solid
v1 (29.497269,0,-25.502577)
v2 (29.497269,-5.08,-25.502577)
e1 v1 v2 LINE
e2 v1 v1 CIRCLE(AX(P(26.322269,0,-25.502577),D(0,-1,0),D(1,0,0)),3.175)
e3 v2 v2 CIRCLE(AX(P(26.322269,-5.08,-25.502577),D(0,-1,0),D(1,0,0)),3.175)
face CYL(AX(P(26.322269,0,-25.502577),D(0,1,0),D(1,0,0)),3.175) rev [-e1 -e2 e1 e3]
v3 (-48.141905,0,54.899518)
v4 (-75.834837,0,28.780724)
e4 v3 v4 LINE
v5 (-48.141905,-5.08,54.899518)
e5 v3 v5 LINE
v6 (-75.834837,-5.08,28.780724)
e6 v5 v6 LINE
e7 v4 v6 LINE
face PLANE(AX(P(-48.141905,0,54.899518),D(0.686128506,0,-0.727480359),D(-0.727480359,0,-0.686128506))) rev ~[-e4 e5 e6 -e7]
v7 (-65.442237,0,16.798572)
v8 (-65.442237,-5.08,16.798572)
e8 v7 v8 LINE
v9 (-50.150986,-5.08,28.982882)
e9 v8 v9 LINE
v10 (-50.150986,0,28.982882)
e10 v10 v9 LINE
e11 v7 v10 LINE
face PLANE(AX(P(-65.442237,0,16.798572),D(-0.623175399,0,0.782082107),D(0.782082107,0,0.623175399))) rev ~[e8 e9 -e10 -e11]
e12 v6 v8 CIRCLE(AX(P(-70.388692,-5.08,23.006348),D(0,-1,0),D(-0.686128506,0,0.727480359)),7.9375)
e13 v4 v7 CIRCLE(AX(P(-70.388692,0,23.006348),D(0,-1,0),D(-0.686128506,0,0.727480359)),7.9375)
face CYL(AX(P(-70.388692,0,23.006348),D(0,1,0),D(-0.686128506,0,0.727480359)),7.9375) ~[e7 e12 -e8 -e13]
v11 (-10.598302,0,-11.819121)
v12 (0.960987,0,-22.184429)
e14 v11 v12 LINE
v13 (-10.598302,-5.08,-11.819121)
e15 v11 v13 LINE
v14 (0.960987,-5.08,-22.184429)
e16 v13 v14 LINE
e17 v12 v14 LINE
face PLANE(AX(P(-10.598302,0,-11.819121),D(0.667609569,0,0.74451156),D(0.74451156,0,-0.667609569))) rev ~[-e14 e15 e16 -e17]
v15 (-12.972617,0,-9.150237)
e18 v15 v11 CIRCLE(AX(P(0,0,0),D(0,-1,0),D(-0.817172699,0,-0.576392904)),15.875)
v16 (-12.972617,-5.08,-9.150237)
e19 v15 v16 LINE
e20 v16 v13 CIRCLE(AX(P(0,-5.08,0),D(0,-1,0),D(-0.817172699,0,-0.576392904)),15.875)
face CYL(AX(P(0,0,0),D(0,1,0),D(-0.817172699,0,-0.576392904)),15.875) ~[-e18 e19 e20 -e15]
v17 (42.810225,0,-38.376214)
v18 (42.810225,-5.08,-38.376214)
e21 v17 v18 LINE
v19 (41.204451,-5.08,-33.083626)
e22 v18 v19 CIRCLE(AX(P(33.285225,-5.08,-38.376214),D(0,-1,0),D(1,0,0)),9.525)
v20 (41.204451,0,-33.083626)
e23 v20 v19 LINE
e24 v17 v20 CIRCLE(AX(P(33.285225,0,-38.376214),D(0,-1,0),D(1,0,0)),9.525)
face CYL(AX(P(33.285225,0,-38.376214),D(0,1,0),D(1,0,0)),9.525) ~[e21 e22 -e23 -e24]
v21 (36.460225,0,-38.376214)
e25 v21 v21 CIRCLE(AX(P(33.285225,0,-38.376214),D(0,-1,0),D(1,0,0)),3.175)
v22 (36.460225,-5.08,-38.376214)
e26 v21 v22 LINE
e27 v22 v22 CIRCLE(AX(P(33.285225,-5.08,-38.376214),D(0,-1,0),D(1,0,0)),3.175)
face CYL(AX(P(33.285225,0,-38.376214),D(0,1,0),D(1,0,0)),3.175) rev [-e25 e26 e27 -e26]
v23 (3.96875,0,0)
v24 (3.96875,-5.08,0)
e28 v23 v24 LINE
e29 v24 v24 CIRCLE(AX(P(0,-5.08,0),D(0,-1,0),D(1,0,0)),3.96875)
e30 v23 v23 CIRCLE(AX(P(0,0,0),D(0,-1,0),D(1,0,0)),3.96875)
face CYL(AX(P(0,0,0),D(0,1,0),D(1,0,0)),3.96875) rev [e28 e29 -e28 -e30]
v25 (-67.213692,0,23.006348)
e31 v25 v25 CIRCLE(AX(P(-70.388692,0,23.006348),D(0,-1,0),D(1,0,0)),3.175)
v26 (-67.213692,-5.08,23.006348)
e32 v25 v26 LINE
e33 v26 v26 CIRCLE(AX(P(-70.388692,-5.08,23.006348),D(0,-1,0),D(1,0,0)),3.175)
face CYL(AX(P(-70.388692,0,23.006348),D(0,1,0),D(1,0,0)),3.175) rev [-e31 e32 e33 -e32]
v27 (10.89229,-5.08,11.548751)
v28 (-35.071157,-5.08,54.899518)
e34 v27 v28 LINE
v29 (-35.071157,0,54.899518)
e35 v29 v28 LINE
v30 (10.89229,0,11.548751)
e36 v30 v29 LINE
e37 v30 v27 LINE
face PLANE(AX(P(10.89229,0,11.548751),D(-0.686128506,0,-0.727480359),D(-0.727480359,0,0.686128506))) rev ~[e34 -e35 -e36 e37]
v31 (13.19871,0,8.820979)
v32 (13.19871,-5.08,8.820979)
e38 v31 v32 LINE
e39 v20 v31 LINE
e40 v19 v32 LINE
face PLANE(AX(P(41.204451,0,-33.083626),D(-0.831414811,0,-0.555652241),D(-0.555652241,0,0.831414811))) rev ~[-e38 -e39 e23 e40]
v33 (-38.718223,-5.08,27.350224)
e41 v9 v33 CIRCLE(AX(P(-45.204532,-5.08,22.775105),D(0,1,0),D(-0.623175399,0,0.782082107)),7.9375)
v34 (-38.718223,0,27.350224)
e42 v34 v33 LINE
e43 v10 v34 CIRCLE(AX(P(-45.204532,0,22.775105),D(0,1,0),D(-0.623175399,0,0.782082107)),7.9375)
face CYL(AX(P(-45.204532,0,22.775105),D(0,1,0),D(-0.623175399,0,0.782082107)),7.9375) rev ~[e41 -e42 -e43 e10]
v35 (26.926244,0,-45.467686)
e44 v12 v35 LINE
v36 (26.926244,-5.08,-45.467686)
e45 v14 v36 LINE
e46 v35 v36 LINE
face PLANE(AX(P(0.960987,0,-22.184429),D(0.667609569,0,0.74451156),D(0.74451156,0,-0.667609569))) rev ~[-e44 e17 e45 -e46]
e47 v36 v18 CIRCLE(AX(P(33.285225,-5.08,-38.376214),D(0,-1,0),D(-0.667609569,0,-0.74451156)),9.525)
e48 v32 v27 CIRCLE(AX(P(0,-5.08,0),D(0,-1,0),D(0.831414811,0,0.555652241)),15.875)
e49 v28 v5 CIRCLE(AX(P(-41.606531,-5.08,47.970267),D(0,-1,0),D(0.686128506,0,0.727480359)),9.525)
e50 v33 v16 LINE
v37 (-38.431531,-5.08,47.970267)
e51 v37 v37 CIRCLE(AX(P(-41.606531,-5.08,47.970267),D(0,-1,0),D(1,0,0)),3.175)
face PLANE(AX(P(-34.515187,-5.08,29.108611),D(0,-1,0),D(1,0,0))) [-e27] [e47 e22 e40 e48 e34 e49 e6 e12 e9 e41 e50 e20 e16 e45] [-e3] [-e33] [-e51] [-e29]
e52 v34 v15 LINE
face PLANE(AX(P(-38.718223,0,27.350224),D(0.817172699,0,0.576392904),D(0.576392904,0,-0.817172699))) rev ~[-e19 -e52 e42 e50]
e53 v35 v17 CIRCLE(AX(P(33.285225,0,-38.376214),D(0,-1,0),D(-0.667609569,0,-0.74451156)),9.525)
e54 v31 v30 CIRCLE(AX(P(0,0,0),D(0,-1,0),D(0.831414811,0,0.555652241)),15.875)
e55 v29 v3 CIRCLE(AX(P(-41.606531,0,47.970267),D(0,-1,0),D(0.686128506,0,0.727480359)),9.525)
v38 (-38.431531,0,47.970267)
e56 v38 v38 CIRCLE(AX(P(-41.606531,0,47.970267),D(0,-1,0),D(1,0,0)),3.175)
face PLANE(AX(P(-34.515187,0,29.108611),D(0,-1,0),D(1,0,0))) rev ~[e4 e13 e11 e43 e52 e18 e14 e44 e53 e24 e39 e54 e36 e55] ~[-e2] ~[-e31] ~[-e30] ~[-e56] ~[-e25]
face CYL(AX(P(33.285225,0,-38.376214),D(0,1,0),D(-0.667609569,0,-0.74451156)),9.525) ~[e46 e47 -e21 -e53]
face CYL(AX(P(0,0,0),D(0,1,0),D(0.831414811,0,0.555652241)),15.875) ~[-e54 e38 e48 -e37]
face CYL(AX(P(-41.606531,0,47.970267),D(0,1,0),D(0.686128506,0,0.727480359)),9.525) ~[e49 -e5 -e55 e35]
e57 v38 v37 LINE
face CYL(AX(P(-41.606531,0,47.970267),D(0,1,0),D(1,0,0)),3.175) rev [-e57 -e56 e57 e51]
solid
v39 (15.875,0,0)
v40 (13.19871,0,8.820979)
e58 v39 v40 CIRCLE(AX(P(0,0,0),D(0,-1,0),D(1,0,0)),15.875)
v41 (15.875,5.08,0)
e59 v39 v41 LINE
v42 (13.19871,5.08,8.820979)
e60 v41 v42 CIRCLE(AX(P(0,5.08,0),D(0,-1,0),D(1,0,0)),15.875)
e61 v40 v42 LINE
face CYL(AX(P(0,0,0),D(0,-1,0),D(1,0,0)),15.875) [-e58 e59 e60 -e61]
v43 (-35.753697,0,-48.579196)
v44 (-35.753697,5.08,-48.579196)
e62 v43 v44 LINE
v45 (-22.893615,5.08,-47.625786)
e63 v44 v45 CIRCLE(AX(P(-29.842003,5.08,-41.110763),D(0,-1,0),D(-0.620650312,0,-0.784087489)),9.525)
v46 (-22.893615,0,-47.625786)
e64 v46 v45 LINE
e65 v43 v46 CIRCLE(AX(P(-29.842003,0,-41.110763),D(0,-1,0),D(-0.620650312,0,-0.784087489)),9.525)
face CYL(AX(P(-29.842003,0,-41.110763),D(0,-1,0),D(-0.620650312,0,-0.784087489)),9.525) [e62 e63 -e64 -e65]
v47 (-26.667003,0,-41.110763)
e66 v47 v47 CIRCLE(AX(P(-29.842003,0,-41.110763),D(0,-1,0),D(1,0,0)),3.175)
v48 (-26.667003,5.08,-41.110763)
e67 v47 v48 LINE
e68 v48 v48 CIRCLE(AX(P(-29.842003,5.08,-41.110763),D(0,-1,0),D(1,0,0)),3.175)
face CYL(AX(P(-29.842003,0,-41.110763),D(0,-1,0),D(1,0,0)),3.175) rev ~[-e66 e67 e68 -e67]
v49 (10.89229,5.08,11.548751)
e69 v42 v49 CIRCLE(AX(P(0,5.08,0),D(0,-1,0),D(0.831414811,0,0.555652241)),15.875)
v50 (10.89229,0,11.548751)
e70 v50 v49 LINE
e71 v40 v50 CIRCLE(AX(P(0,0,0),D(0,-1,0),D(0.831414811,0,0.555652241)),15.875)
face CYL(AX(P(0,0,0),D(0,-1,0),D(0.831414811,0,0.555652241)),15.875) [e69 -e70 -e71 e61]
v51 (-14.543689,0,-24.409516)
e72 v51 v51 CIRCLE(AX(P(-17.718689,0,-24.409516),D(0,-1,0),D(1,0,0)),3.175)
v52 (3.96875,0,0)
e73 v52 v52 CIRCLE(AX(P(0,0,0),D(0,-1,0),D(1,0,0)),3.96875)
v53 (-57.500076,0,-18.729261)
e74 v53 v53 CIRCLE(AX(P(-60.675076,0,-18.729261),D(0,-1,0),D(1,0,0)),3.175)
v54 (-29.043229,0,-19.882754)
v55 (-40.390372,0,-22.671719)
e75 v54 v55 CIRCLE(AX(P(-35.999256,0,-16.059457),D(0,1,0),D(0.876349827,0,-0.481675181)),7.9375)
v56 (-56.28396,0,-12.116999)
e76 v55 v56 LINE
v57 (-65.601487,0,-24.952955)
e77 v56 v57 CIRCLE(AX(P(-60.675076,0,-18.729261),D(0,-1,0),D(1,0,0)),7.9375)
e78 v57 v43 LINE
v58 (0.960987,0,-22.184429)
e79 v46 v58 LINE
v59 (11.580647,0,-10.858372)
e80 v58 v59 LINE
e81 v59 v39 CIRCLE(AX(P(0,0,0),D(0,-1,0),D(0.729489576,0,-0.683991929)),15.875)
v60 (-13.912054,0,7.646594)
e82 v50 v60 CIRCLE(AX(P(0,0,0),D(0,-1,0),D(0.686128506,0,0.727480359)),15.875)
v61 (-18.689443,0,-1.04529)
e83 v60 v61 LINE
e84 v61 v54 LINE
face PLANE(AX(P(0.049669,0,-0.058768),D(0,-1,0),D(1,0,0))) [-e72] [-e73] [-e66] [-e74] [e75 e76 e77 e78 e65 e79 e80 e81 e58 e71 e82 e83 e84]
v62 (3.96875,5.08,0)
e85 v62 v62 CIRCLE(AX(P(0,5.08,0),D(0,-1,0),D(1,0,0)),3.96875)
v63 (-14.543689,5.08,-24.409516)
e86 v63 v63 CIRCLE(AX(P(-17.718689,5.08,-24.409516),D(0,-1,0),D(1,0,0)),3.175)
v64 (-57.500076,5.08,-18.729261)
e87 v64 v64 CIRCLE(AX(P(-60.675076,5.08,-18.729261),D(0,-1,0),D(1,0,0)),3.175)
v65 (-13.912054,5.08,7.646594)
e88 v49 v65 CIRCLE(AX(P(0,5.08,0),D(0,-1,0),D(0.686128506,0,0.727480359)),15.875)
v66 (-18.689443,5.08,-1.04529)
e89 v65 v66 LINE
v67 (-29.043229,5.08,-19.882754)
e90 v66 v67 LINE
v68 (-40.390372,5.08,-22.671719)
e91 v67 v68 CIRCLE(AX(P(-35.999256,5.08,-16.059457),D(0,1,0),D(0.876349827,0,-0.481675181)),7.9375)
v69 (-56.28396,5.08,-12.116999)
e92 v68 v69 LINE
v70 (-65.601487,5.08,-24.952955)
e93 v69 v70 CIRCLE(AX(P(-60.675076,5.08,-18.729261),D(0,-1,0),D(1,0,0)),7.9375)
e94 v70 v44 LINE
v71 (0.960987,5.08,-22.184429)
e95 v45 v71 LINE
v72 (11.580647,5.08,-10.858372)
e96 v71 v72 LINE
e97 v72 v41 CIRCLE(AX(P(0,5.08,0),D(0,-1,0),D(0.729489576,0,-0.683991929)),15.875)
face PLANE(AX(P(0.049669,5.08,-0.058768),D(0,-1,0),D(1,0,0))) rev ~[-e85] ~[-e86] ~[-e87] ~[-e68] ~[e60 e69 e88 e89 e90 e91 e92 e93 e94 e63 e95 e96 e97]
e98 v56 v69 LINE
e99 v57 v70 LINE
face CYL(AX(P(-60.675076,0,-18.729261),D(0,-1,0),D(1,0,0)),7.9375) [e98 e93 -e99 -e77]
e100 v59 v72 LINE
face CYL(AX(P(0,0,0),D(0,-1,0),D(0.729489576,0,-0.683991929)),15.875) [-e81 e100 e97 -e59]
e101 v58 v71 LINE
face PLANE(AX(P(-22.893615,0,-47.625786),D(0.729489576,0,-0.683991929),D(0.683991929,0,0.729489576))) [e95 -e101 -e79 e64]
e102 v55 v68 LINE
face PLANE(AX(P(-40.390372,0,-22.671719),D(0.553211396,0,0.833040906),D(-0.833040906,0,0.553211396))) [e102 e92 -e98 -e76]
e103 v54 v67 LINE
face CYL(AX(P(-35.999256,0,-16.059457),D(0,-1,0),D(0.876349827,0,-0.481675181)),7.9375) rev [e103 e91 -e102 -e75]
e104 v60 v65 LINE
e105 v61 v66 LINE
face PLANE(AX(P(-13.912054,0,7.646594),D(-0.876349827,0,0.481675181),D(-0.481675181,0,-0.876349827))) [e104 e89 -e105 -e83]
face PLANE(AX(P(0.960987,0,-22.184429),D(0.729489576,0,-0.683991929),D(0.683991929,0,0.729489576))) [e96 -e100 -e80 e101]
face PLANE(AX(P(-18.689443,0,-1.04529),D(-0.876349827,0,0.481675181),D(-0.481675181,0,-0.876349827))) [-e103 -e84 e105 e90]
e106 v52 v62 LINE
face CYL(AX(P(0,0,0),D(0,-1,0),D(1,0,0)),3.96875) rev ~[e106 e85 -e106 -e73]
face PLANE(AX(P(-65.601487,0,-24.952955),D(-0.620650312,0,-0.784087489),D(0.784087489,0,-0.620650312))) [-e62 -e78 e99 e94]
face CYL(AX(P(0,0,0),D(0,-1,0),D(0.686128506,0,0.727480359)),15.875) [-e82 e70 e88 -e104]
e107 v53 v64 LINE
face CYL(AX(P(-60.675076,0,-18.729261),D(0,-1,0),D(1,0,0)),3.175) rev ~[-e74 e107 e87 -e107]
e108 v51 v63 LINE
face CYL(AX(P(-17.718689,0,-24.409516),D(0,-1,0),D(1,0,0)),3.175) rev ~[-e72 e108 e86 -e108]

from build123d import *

# Parameters (mm, degrees)
F0_R     = 3.175
F0_R_2   = 3.96875
F1_DEPTH = 5.08
F2_DEPTH = 5.08


with BuildPart() as f1:
    # F0 (on Front) → F1 (new body)
    with BuildSketch(Plane.XZ):
        with BuildLine():
            ThreePointArc((-13.9120535072, 7.6465935038), (-2.4670732808, 15.682129142), (10.8922900307, 11.5487507067))
            Line((10.8922900307, 11.5487507067), (-35.0711574392, 54.8995176744))
            ThreePointArc((-35.0711574392, 54.8995176744), (-32.8608164346, 51.7436071154), (-32.0815314576, 47.9702672503))
            ThreePointArc((-32.0815314576, 47.9702672503), (-45.3798713227, 39.2245522274), (-48.1419054761, 54.8995176744))
            Line((-48.1419054761, 54.8995176744), (-75.8348368232, 28.7807237291))
            ThreePointArc((-75.8348368232, 28.7807237291), (-67.2442419203, 30.2944442282), (-62.4511918078, 23.0063483758))
            ThreePointArc((-62.4511918078, 23.0063483758), (-63.237943921, 19.5609585706), (-65.4422370763, 16.798571653))
            Line((-65.4422370763, 16.798571653), (-50.1509863937, 28.9828821829))
            ThreePointArc((-50.1509863937, 28.9828821829), (-44.0823996147, 30.6328866939), (-38.7182233604, 27.3502241323))
            Line((-38.7182233604, 27.3502241323), (-18.6894428937, -1.0452895859))
            Line((-18.6894428937, -1.0452895859), (-13.9120535072, 7.6465935038))
        make_face()
        with BuildLine():
            ThreePointArc((-62.4511918078, 23.0063483758), (-67.2442419203, 30.2944442282), (-75.8348368232, 28.7807237291))
            ThreePointArc((-75.8348368232, 28.7807237291), (-76.3849752141, 17.8055319436), (-65.4422370763, 16.798571653))
            ThreePointArc((-65.4422370763, 16.798571653), (-63.237943921, 19.5609585706), (-62.4511918078, 23.0063483758))
        make_face()
        with Locations((-70.3886918078, 23.0063483758)):
            Circle(F0_R, mode=Mode.SUBTRACT)
        with BuildLine():
            ThreePointArc((-32.0815314576, 47.9702672503), (-32.8608164346, 51.7436071154), (-35.0711574392, 54.8995176744))
            ThreePointArc((-35.0711574392, 54.8995176744), (-41.6065314576, 57.4952672503), (-48.1419054761, 54.8995176744))
            ThreePointArc((-48.1419054761, 54.8995176744), (-45.3798713227, 39.2245522274), (-32.0815314576, 47.9702672503))
        make_face()
        with Locations((-41.6065314576, 47.9702672503)):
            Circle(F0_R, mode=Mode.SUBTRACT)
        with BuildLine():
            ThreePointArc((15.875, 0), (15.1912005478, 4.609018433), (13.1987101208, 8.820979319))
            ThreePointArc((13.1987101208, 8.820979319), (12.1224690662, 10.2499448164), (10.8922900307, 11.5487507067))
            ThreePointArc((10.8922900307, 11.5487507067), (-2.4670732808, 15.682129142), (-13.9120535072, 7.6465935038))
            ThreePointArc((-13.9120535072, 7.6465935038), (-15.8502288115, -0.8864940066), (-12.9726166036, -9.1502373442))
            ThreePointArc((-12.9726166036, -9.1502373442), (-11.8607666217, -10.5516747555), (-10.5983019047, -11.8191210221))
            ThreePointArc((-10.5983019047, -11.8191210221), (0.6870299902, -15.8601265692), (11.5806470113, -10.8583718761))
            ThreePointArc((11.5806470113, -10.8583718761), (14.7624252124, -5.8383582323), (15.875, 0))
        make_face()
        Circle(F0_R_2, mode=Mode.SUBTRACT)
        with BuildLine():
            Line((-10.5983019047, -11.8191210221), (0.9609865297, -22.1844289332))
            Line((0.9609865297, -22.1844289332), (11.5806470113, -10.8583718761))
            ThreePointArc((11.5806470113, -10.8583718761), (0.6870299902, -15.8601265692), (-10.5983019047, -11.8191210221))
        make_face()
        with BuildLine():
            ThreePointArc((-12.9726166036, -9.1502373442), (-15.8502288115, -0.8864940066), (-13.9120535072, 7.6465935038))
            Line((-13.9120535072, 7.6465935038), (-18.6894428937, -1.0452895859))
            Line((-18.6894428937, -1.0452895859), (-12.9726166036, -9.1502373442))
        make_face()
        with BuildLine():
            ThreePointArc((26.9262440233, -45.4676864135), (27.0442454474, -31.1806737127), (41.2044512386, -33.0836262089))
            Line((41.2044512386, -33.0836262089), (13.1987101208, 8.820979319))
            ThreePointArc((13.1987101208, 8.820979319), (15.1912005478, 4.609018433), (15.875, 0))
            ThreePointArc((15.875, 0), (14.7624252124, -5.8383582323), (11.5806470113, -10.8583718761))
            Line((11.5806470113, -10.8583718761), (0.9609865297, -22.1844289332))
            Line((0.9609865297, -22.1844289332), (26.9262440233, -45.4676864135))
        make_face()
        with Locations((26.3222689506, -25.5025770961)):
            Circle(F0_R, mode=Mode.SUBTRACT)
        with BuildLine():
            ThreePointArc((26.9262440233, -45.4676864135), (37.1682864336, -47.0737686401), (42.8102251661, -38.3762138003))
            ThreePointArc((42.8102251661, -38.3762138003), (42.3999454948, -35.6108027404), (41.2044512386, -33.0836262089))
            ThreePointArc((41.2044512386, -33.0836262089), (27.0442454474, -31.1806737127), (26.9262440233, -45.4676864135))
        make_face()
        with Locations((33.2852251661, -38.3762138003)):
            Circle(F0_R, mode=Mode.SUBTRACT)
    extrude(amount=F1_DEPTH)


with BuildPart() as f2:
    # F0 (on Front) → F2 (new body)
    with BuildSketch(Plane.XZ):
        with BuildLine():
            ThreePointArc((15.875, 0), (15.1912005478, 4.609018433), (13.1987101208, 8.820979319))
            ThreePointArc((13.1987101208, 8.820979319), (12.1224690662, 10.2499448164), (10.8922900307, 11.5487507067))
            ThreePointArc((10.8922900307, 11.5487507067), (-2.4670732808, 15.682129142), (-13.9120535072, 7.6465935038))
            ThreePointArc((-13.9120535072, 7.6465935038), (-15.8502288115, -0.8864940066), (-12.9726166036, -9.1502373442))
            ThreePointArc((-12.9726166036, -9.1502373442), (-11.8607666217, -10.5516747555), (-10.5983019047, -11.8191210221))
            ThreePointArc((-10.5983019047, -11.8191210221), (0.6870299902, -15.8601265692), (11.5806470113, -10.8583718761))
            ThreePointArc((11.5806470113, -10.8583718761), (14.7624252124, -5.8383582323), (15.875, 0))
        make_face()
        Circle(F0_R_2, mode=Mode.SUBTRACT)
        with BuildLine():
            Line((-10.5983019047, -11.8191210221), (0.9609865297, -22.1844289332))
            Line((0.9609865297, -22.1844289332), (11.5806470113, -10.8583718761))
            ThreePointArc((11.5806470113, -10.8583718761), (0.6870299902, -15.8601265692), (-10.5983019047, -11.8191210221))
        make_face()
        with BuildLine():
            ThreePointArc((-12.9726166036, -9.1502373442), (-15.8502288115, -0.8864940066), (-13.9120535072, 7.6465935038))
            Line((-13.9120535072, 7.6465935038), (-18.6894428937, -1.0452895859))
            Line((-18.6894428937, -1.0452895859), (-12.9726166036, -9.1502373442))
        make_face()
        with BuildLine():
            Line((-22.8936149415, -47.6257862918), (0.9609865297, -22.1844289332))
            Line((0.9609865297, -22.1844289332), (-10.5983019047, -11.8191210221))
            ThreePointArc((-10.5983019047, -11.8191210221), (-11.8607666217, -10.5516747555), (-12.9726166036, -9.1502373442))
            Line((-12.9726166036, -9.1502373442), (-18.6894428937, -1.0452895859))
            Line((-18.6894428937, -1.0452895859), (-29.0432294857, -19.8827540071))
            ThreePointArc((-29.0432294857, -19.8827540071), (-34.1047181558, -23.7675459742), (-40.3903716946, -22.6717194482))
            Line((-40.3903716946, -22.6717194482), (-56.2839600676, -12.1169986119))
            ThreePointArc((-56.2839600676, -12.1169986119), (-53.6801350236, -14.97763267), (-52.7375755228, -18.7292608049))
            ThreePointArc((-52.7375755228, -18.7292608049), (-57.2181612785, -25.8744445084), (-65.6014873735, -24.9529552485))
            Line((-65.6014873735, -24.9529552485), (-35.753697369, -48.5791964985))
            ThreePointArc((-35.753697369, -48.5791964985), (-33.9903002415, -32.5365427219), (-20.3170031483, -41.1107631661))
            ThreePointArc((-20.3170031483, -41.1107631661), (-20.9845480208, -44.6137781054), (-22.8936149415, -47.6257862918))
        make_face()
        with Locations((-17.7186893693, -24.4095156299)):
            Circle(F0_R, mode=Mode.SUBTRACT)
        with BuildLine():
            ThreePointArc((-35.753697369, -48.5791964985), (-29.1377792061, -50.6096943501), (-22.8936149415, -47.6257862918))
            ThreePointArc((-22.8936149415, -47.6257862918), (-20.9845480208, -44.6137781054), (-20.3170031483, -41.1107631661))
            ThreePointArc((-20.3170031483, -41.1107631661), (-33.9903002415, -32.5365427219), (-35.753697369, -48.5791964985))
        make_face()
        with Locations((-29.8420031483, -41.1107631661)):
            Circle(F0_R, mode=Mode.SUBTRACT)
        with BuildLine():
            ThreePointArc((-56.2839600676, -12.1169986119), (-67.0986322675, -14.066447813), (-65.6014873735, -24.9529552485))
            ThreePointArc((-65.6014873735, -24.9529552485), (-57.2181612785, -25.8744445084), (-52.7375755228, -18.7292608049))
            ThreePointArc((-52.7375755228, -18.7292608049), (-53.6801350236, -14.97763267), (-56.2839600676, -12.1169986119))
        make_face()
        with Locations((-60.6750755228, -18.7292608049)):
            Circle(F0_R, mode=Mode.SUBTRACT)
    extrude(amount=-F2_DEPTH)


solid = Compound([f1.part, f2.part])
